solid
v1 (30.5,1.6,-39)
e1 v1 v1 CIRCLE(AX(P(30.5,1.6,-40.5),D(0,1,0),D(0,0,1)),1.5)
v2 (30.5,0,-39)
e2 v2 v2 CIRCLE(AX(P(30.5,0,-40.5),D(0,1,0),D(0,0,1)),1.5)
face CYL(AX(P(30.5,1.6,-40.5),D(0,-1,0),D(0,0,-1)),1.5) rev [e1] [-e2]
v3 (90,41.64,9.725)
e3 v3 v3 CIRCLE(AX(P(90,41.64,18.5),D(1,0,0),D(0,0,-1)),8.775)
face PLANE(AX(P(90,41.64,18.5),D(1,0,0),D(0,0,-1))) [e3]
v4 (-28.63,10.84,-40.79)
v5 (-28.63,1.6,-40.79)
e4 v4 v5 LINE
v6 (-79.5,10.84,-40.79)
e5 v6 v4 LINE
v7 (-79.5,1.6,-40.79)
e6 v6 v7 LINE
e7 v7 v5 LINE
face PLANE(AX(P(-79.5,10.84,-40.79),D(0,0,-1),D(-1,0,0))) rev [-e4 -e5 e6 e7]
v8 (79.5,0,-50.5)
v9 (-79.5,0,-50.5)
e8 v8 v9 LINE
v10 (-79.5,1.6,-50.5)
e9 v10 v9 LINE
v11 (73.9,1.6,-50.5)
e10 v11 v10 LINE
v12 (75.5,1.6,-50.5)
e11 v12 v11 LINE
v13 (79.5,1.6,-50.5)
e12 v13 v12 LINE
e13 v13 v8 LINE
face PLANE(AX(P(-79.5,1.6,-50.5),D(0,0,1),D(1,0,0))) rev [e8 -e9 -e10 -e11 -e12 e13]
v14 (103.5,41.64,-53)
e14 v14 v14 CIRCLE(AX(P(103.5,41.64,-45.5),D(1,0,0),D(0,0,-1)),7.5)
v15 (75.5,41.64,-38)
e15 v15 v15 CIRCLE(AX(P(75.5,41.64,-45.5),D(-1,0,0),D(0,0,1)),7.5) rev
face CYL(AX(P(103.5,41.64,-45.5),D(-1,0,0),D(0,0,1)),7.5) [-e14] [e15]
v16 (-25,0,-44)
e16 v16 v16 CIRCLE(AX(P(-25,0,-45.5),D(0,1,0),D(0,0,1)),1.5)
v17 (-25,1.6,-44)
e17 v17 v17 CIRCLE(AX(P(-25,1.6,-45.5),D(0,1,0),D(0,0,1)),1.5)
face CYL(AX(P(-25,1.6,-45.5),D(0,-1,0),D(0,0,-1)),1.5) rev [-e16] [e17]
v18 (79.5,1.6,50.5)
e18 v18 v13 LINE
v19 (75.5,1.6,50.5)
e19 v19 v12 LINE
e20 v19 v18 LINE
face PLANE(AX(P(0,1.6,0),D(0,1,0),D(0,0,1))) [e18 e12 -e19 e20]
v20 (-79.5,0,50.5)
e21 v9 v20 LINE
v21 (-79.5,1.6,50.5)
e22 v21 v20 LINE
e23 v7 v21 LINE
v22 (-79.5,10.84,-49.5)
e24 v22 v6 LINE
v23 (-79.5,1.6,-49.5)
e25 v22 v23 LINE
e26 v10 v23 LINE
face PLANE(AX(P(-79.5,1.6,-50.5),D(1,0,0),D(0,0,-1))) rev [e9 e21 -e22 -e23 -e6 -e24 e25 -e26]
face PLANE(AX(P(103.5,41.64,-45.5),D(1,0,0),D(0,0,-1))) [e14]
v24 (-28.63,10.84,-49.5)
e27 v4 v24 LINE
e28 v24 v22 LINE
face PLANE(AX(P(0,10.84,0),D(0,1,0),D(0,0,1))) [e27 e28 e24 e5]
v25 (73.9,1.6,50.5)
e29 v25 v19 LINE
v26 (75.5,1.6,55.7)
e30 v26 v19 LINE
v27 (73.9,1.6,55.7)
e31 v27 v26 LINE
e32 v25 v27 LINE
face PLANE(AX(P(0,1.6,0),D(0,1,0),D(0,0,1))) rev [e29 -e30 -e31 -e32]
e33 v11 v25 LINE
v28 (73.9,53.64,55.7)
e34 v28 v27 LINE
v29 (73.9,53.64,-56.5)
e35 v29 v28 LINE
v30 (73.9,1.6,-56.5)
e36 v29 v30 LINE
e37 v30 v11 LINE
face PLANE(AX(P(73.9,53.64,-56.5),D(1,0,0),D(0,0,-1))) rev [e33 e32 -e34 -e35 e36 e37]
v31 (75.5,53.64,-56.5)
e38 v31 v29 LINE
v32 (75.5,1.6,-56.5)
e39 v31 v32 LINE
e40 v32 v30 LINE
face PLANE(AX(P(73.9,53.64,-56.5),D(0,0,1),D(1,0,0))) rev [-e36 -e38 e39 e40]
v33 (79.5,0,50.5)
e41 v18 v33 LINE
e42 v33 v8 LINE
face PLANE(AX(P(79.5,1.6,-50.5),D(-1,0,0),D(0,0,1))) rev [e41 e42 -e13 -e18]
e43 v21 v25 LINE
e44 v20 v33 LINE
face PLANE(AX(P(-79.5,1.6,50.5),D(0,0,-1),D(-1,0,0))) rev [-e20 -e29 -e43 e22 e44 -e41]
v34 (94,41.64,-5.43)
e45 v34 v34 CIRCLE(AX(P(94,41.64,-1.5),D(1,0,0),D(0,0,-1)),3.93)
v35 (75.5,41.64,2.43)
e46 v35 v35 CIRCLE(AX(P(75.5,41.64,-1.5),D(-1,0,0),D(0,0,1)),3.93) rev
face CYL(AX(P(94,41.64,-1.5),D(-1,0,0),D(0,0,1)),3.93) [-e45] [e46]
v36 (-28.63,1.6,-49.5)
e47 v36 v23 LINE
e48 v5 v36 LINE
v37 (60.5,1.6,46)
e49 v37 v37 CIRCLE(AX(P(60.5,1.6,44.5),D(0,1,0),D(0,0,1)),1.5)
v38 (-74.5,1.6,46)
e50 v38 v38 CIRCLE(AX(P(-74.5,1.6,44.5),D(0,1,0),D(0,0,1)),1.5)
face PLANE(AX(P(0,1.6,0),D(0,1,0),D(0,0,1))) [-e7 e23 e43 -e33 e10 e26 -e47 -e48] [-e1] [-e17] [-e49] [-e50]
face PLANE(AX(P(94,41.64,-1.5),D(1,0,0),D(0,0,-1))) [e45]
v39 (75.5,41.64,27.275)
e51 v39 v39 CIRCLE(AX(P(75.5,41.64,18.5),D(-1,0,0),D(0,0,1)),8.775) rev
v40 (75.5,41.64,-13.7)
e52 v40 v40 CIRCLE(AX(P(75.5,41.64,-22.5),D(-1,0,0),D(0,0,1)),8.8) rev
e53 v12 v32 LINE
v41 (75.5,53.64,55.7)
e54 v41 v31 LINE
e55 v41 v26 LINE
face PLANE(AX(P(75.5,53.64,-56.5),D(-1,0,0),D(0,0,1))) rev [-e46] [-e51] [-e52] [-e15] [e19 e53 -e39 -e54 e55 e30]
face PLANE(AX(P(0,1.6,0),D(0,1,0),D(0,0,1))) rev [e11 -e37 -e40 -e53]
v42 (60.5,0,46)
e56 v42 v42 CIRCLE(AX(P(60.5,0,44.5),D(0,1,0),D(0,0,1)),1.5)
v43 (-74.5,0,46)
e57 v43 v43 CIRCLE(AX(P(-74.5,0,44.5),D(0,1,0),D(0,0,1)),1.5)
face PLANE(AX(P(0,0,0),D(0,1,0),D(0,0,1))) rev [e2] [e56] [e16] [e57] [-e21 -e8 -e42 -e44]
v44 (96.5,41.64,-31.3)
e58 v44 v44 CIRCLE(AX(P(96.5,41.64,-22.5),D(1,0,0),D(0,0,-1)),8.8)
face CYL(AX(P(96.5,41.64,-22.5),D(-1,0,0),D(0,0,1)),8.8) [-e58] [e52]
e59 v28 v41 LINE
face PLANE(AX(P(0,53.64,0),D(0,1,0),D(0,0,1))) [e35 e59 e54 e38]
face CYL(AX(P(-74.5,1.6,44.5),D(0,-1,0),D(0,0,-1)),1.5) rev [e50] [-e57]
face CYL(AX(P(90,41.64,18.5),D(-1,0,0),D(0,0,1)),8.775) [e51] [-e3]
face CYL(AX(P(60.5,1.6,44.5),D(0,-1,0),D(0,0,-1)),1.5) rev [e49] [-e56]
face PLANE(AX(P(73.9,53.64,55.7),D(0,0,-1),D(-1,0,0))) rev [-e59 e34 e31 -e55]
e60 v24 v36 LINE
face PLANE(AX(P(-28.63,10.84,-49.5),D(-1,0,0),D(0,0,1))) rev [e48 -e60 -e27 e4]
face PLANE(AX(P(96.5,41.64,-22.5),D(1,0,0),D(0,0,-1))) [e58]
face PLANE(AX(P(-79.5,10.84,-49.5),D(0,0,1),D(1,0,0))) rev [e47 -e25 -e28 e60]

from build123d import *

# Parameters (mm, degrees)
SKETCH1_W                = 159
SKETCH1_H                = 101
SKETCH1_R                = 1.5
MAIN_BOARD_DEPTH         = 1.6
SKETCH2_W                = 50.87
SKETCH2_H                = 8.71
CONNECTOR_DEPTH          = 9.24
SKETCH3_W                = 1.6
SKETCH3_H                = 112.2
CONNECTOR_BOARD_DEPTH    = 52.04
SKETCH4_R                = 7.5
CAN_CONNECTOR_DEPTH      = 28
SKETCH5_R                = 8.8
MAIN_LV_CONNECTOR_DEPTH  = 21
SKETCH6_R                = 3.93
SERIAL_CONNECTOR_DEPTH   = 18.5
SKETCH7_R                = 8.775
FEEDBACK_CONNECTOR_DEPTH = 14.5


with BuildPart() as part:
    # Sketch1 → Main Board (new body)
    with BuildSketch(Plane(origin=(0, 0, 0), x_dir=(1, 0, 0), z_dir=(0, 1, 0))):
        Rectangle(SKETCH1_W, SKETCH1_H)
        with Locations((-25, 45.5)):
            Circle(SKETCH1_R, mode=Mode.SUBTRACT)
        with Locations((30.5, 40.5)):
            Circle(SKETCH1_R, mode=Mode.SUBTRACT)
        with Locations((-74.5, -44.5)):
            Circle(SKETCH1_R, mode=Mode.SUBTRACT)
        with Locations((60.5, -44.5)):
            Circle(SKETCH1_R, mode=Mode.SUBTRACT)
    extrude(amount=MAIN_BOARD_DEPTH)

    # Sketch2 → Connector (add)
    with BuildSketch(Plane(origin=(0, 1.6, 0), x_dir=(1, 0, 0), z_dir=(0, 1, 0))):
        with Locations((-54.065, 45.145)):
            Rectangle(SKETCH2_W, SKETCH2_H)
    extrude(amount=CONNECTOR_DEPTH)

    # Sketch3 → Connector Board (add)
    with BuildSketch(Plane(origin=(0, 1.6, 0), x_dir=(1, 0, 0), z_dir=(0, 1, 0))):
        with Locations((74.7, 0.4)):
            Rectangle(SKETCH3_W, SKETCH3_H)
    extrude(amount=CONNECTOR_BOARD_DEPTH)

    # Sketch4 → CAN Connector (add)
    with BuildSketch(Plane(origin=(75.5, 0, 0), x_dir=(0, 0, -1), z_dir=(1, 0, 0))):
        with Locations((45.5, 41.64)):
            Circle(SKETCH4_R)
    extrude(amount=CAN_CONNECTOR_DEPTH)

    # Sketch5 → Main LV Connector (add)
    with BuildSketch(Plane(origin=(75.5, 0, 0), x_dir=(0, 0, -1), z_dir=(1, 0, 0))):
        with Locations((22.5, 41.64)):
            Circle(SKETCH5_R)
    extrude(amount=MAIN_LV_CONNECTOR_DEPTH)

    # Sketch6 → Serial Connector (add)
    with BuildSketch(Plane(origin=(75.5, 0, 0), x_dir=(0, 0, -1), z_dir=(1, 0, 0))):
        with Locations((1.5, 41.64)):
            Circle(SKETCH6_R)
    extrude(amount=SERIAL_CONNECTOR_DEPTH)

    # Sketch7 → Feedback Connector (add)
    with BuildSketch(Plane(origin=(75.5, 0, 0), x_dir=(0, 0, -1), z_dir=(1, 0, 0))):
        with Locations((-18.5, 41.64)):
            Circle(SKETCH7_R)
    extrude(amount=FEEDBACK_CONNECTOR_DEPTH)


solid = part.part
